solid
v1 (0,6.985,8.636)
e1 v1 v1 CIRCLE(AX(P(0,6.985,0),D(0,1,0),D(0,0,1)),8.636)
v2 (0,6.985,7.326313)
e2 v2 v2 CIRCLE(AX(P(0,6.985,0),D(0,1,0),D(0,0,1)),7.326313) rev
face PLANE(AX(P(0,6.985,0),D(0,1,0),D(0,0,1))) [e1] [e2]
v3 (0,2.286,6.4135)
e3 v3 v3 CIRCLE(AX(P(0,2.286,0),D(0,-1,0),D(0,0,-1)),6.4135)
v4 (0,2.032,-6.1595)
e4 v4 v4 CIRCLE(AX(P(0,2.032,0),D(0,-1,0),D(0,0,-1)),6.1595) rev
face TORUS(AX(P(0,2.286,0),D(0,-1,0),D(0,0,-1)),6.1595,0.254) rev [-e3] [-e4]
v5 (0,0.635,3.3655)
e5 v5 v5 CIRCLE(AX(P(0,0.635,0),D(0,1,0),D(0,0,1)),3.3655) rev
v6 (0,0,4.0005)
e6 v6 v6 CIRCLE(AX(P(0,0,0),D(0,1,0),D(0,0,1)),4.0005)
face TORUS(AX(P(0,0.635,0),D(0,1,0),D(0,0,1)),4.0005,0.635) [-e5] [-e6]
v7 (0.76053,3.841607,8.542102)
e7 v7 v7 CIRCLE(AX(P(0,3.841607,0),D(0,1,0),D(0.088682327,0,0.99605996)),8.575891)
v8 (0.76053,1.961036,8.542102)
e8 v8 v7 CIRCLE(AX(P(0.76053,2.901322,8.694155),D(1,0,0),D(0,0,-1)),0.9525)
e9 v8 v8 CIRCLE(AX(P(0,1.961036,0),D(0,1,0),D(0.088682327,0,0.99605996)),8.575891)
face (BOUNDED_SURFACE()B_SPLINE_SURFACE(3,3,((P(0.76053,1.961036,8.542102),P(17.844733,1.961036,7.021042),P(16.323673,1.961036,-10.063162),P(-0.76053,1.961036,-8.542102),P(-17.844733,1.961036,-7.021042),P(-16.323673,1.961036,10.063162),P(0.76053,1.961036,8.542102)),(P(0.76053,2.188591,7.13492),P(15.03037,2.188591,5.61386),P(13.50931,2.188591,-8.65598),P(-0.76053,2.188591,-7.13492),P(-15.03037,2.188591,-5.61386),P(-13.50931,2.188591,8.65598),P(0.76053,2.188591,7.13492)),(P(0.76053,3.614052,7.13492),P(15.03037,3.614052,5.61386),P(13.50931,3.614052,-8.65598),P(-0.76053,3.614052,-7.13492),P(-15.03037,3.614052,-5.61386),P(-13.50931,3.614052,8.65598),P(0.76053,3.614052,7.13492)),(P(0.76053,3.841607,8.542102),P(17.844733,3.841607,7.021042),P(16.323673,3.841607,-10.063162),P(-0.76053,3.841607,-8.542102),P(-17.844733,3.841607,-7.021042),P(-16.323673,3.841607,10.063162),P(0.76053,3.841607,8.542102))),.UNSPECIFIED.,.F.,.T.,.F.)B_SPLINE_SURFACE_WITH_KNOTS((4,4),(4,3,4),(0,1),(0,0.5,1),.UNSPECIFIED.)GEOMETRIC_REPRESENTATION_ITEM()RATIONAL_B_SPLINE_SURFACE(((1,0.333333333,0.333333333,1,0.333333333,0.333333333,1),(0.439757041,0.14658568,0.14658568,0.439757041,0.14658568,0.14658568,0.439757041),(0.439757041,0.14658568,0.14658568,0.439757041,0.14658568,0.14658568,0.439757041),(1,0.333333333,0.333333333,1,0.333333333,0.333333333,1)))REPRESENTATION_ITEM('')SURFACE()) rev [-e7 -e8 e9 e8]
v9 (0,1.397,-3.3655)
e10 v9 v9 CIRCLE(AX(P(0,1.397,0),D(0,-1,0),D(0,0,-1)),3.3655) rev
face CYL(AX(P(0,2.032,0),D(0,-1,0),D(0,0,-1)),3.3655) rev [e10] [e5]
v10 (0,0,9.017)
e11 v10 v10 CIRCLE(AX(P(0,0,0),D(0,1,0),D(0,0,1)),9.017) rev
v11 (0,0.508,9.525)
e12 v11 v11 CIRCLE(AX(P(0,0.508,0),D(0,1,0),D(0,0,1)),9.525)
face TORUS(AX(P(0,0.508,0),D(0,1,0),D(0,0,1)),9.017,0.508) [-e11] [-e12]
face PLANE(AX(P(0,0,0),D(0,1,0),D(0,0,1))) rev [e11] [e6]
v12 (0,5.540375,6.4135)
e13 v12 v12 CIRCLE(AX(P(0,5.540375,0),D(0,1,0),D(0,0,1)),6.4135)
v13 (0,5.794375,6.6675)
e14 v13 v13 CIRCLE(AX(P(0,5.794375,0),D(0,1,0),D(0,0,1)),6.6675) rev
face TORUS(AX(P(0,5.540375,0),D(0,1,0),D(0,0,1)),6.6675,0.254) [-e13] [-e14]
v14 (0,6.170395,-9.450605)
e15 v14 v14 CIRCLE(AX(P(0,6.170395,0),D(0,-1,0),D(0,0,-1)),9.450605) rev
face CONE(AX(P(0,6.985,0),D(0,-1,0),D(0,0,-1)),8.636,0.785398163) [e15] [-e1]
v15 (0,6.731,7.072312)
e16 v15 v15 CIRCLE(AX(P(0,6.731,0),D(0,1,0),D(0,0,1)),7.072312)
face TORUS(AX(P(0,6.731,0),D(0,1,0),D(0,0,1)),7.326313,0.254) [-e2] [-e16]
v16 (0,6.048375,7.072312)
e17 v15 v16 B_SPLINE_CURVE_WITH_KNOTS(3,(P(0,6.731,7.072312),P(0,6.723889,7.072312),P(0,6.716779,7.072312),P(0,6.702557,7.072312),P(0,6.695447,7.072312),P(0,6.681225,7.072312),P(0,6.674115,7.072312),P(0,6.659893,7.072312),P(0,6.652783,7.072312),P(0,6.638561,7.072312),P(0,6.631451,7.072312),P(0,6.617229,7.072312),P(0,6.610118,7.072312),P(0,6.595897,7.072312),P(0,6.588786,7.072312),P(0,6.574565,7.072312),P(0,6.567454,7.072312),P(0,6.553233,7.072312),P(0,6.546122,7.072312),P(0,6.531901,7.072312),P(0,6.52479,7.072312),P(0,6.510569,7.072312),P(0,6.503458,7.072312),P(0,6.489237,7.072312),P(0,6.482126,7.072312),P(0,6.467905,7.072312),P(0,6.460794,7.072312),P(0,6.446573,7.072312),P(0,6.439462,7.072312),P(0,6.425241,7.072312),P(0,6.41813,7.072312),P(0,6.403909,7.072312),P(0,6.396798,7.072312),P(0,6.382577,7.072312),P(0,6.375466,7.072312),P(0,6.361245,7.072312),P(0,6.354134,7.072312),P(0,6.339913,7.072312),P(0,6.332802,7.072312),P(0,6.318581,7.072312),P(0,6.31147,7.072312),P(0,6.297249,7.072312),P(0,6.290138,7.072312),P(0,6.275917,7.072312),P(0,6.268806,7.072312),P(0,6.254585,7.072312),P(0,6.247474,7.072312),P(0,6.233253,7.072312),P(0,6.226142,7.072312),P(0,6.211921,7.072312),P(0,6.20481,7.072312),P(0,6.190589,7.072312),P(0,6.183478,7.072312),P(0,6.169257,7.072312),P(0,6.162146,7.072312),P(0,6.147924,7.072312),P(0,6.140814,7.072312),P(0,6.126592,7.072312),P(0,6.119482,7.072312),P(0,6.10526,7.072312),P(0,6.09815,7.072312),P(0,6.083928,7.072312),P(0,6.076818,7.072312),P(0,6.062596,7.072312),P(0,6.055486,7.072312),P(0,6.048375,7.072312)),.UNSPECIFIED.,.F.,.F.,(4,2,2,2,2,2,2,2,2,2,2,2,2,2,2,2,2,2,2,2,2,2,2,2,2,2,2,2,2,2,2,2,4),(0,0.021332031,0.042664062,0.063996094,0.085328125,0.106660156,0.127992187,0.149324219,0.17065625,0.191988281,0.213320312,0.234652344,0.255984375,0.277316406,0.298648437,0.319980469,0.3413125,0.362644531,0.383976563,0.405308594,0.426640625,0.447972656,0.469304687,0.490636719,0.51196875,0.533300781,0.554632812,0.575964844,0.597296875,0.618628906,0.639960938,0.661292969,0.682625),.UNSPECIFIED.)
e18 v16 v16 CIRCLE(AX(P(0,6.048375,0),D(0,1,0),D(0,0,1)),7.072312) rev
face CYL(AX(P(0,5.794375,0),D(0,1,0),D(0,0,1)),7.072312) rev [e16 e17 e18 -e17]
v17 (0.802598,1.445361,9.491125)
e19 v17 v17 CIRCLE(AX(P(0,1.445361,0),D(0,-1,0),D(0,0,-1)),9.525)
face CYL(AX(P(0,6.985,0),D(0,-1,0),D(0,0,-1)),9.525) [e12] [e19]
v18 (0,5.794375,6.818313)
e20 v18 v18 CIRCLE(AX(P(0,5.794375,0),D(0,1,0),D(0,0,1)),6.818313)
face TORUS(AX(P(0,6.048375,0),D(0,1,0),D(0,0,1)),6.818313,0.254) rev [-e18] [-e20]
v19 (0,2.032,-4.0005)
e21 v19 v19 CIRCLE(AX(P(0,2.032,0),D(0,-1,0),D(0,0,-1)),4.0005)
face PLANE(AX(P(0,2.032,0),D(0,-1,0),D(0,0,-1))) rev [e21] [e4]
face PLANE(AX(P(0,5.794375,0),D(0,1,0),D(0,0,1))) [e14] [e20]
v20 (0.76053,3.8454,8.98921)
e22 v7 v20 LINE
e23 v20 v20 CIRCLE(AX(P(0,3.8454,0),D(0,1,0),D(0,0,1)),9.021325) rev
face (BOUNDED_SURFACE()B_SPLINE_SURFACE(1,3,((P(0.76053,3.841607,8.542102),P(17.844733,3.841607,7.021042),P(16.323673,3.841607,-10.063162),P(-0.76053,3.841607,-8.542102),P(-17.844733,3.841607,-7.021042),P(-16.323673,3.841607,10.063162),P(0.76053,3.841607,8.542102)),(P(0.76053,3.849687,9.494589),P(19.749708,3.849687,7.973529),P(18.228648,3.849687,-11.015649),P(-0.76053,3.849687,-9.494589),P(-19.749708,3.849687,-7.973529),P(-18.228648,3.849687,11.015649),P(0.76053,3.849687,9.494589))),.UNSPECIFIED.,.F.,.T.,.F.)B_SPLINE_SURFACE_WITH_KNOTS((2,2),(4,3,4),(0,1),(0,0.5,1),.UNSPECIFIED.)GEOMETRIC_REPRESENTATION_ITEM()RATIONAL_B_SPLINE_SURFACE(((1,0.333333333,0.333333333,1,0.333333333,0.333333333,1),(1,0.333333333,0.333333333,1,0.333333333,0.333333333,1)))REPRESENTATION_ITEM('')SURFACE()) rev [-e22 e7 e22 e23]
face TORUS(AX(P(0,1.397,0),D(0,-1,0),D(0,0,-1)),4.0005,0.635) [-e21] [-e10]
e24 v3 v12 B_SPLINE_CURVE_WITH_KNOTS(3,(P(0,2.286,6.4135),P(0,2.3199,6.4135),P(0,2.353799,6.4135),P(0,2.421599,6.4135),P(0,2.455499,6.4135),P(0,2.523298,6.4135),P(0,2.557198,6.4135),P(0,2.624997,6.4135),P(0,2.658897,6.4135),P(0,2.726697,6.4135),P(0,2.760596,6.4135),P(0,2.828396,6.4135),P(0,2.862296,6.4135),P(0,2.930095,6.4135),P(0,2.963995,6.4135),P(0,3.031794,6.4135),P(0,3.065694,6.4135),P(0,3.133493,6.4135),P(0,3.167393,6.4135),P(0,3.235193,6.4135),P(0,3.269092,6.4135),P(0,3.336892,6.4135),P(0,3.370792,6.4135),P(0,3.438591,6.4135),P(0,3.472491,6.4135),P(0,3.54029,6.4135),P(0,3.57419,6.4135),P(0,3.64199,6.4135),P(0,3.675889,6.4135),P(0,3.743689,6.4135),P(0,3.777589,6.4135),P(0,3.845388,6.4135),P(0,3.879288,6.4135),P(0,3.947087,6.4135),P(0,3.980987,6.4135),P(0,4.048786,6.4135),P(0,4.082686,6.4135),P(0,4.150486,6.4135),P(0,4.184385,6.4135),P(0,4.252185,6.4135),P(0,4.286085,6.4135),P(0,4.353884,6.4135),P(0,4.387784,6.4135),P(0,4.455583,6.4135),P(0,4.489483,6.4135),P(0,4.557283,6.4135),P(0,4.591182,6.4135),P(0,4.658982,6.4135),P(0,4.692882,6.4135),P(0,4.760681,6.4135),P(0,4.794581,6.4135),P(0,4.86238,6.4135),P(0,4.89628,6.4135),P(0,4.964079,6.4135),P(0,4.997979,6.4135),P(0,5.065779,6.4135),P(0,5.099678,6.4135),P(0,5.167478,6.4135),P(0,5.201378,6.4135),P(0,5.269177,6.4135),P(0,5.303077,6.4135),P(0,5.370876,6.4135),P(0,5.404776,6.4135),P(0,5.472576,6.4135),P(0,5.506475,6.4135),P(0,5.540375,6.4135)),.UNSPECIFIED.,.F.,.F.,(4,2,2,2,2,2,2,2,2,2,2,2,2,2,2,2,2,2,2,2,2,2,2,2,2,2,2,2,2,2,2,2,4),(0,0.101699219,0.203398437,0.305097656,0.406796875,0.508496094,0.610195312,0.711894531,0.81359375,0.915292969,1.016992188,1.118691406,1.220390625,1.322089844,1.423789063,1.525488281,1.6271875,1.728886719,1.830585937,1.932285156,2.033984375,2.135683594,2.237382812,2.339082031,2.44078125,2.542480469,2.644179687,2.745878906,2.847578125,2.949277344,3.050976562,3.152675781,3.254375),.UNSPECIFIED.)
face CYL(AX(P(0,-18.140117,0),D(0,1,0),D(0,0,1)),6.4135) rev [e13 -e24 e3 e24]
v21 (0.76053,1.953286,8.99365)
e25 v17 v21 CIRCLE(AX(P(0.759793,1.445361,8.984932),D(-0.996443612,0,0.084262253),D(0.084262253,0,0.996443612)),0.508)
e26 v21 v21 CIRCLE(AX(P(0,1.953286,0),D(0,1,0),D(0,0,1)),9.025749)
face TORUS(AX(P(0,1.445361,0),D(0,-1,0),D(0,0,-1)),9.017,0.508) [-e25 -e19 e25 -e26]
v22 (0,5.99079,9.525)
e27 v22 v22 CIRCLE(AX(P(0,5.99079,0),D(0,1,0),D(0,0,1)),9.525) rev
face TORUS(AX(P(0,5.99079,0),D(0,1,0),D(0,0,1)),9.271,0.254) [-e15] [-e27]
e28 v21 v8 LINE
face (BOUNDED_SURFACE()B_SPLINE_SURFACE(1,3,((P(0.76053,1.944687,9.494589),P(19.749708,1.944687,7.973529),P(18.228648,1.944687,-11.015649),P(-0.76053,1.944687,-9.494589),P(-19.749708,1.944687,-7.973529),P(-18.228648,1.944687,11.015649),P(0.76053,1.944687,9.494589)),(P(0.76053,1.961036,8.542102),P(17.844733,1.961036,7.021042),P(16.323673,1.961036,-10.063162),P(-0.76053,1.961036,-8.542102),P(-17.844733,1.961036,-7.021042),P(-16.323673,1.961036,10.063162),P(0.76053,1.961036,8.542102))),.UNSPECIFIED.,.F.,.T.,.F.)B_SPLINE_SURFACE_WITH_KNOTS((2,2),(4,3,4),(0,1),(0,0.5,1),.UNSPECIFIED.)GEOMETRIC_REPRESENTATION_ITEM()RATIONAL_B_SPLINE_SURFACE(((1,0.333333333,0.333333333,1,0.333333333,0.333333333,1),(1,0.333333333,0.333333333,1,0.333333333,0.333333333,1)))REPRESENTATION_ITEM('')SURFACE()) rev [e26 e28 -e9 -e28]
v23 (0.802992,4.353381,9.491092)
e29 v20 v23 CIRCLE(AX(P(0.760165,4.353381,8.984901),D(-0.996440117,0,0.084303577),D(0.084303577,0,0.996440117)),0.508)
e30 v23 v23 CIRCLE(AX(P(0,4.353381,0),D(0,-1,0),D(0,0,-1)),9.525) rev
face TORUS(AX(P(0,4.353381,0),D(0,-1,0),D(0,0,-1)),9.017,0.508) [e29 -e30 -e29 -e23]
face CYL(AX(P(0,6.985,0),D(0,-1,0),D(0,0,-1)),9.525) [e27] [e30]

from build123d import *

# Parameters (mm, degrees)
SKETCH2_R           = 9.525
BOSS_EXTRUDE1_DEPTH = 6.985
SKETCH3_R           = 6.4135
CUT_EXTRUDE1_DEPTH  = 6.985
SKETCH4_R           = 7.0723125
CUT_EXTRUDE2_DEPTH  = 1.190625
SKETCH6_R           = 6.4135
SKETCH6_R_2         = 3.3655
BOSS_EXTRUDE2_DEPTH = 2.032
FILLET1_R           = 0.254
FILLET2_R           = 0.508
CHAMFER1_SIZE       = 0.889
FILLET3_R           = 0.254
FILLET4_R           = 0.635
FILLET5_R           = 0.254


with BuildPart() as part:
    # Sketch2 → Boss-Extrude1 (new body)
    with BuildSketch(Plane(origin=(0, 0, 0), x_dir=(1, 0, 0), z_dir=(0, 1, 0))):
        with Locations(Location((0, 0, 0), (0, 0, 270))):
            Circle(SKETCH2_R)
    extrude(amount=BOSS_EXTRUDE1_DEPTH)

    # Sketch3 → Cut-Extrude1 (cut)
    with BuildSketch(Plane(origin=(0, 6.985, 0), x_dir=(1, 0, 0), z_dir=(0, 1, 0))):
        with Locations(Location((0, 0, 0), (0, 0, 270))):
            Circle(SKETCH3_R)
    extrude(amount=-CUT_EXTRUDE1_DEPTH, mode=Mode.SUBTRACT)

    # Sketch4 → Cut-Extrude2 (cut)
    with BuildSketch(Plane(origin=(0, 6.985, 0), x_dir=(1, 0, 0), z_dir=(0, 1, 0))):
        with Locations(Location((0, 0, 0), (0, 0, 270))):
            Circle(SKETCH4_R)
    extrude(amount=-CUT_EXTRUDE2_DEPTH, mode=Mode.SUBTRACT)

    # Cut-Sweep1: sweep along a path in Sketch5
    with BuildLine(Plane(origin=(0, 2.8971875, 0), x_dir=(1, 0, 0), z_dir=(0, 1, 0))) as cut_sweep1_path:
        CenterArc((0, 0), 9.525, 0, 360)
    # 3DSketch1 → Cut-Sweep1 (sweep, cut)
    with BuildSketch(Plane(origin=(0.760529971, 3.841606671, 8.542101645), x_dir=(0, -0.8936668969436978, 0.4487309631694945), z_dir=(-1, 0, 0))):
        with BuildLine():
            Line((0, 0), (0.420188973, 0.854832485))
            Line((0.420188973, 0.854832485), (2.122624412, 0))
            Line((2.122624412, 0), (1.680603435, -0.843870127))
            ThreePointArc((1.680603435, -0.843870127), (0.481116307, -1.137268165), (0, 0))
        make_face()
    sweep(path=cut_sweep1_path.line, mode=Mode.SUBTRACT)

    # Sketch6 → Boss-Extrude2 (add)
    with BuildSketch(Plane.XZ):
        with Locations(Location((0, 0, 0), (0, 0, 90))):
            Circle(SKETCH6_R)
        with Locations(Location((0, 0, 0), (0, 0, 270))):
            Circle(SKETCH6_R_2, mode=Mode.SUBTRACT)
    extrude(amount=-BOSS_EXTRUDE2_DEPTH)

    # Fillet1
    fillet1_edges = [part.edges().sort_by_distance(p)[0] for p in [
        (0, 6.985, -7.0723125),
        (0, 5.794375, -7.0723125),
        (0, 5.794375, -6.4135),
    ]]
    fillet(fillet1_edges, radius=FILLET1_R)

    # Fillet2
    fillet2_edges = [part.edges().sort_by_distance(p)[0] for p in [
        (6.735192091, 3.8496875, 6.735192091),
        (6.735192091, 1.9446875, 6.735192091),
        (0, 0, -9.525),
    ]]
    fillet(fillet2_edges, radius=FILLET2_R)

    # Chamfer1
    chamfer1_edges = [part.edges().sort_by_distance(p)[0] for p in [
        (0, 6.985, -9.525),
    ]]
    chamfer(chamfer1_edges, length=CHAMFER1_SIZE)

    # Fillet3
    fillet3_edges = [part.edges().sort_by_distance(p)[0] for p in [
        (0, 6.096, -9.525),
    ]]
    fillet(fillet3_edges, radius=FILLET3_R)

    # Fillet4
    fillet4_edges = [part.edges().sort_by_distance(p)[0] for p in [
        (0, 2.032, 3.3655),
        (0, 0, 3.3655),
    ]]
    fillet(fillet4_edges, radius=FILLET4_R)

    # Fillet5
    fillet5_edges = [part.edges().sort_by_distance(p)[0] for p in [
        (0, 2.032, -6.4135),
    ]]
    fillet(fillet5_edges, radius=FILLET5_R)


solid = part.part
